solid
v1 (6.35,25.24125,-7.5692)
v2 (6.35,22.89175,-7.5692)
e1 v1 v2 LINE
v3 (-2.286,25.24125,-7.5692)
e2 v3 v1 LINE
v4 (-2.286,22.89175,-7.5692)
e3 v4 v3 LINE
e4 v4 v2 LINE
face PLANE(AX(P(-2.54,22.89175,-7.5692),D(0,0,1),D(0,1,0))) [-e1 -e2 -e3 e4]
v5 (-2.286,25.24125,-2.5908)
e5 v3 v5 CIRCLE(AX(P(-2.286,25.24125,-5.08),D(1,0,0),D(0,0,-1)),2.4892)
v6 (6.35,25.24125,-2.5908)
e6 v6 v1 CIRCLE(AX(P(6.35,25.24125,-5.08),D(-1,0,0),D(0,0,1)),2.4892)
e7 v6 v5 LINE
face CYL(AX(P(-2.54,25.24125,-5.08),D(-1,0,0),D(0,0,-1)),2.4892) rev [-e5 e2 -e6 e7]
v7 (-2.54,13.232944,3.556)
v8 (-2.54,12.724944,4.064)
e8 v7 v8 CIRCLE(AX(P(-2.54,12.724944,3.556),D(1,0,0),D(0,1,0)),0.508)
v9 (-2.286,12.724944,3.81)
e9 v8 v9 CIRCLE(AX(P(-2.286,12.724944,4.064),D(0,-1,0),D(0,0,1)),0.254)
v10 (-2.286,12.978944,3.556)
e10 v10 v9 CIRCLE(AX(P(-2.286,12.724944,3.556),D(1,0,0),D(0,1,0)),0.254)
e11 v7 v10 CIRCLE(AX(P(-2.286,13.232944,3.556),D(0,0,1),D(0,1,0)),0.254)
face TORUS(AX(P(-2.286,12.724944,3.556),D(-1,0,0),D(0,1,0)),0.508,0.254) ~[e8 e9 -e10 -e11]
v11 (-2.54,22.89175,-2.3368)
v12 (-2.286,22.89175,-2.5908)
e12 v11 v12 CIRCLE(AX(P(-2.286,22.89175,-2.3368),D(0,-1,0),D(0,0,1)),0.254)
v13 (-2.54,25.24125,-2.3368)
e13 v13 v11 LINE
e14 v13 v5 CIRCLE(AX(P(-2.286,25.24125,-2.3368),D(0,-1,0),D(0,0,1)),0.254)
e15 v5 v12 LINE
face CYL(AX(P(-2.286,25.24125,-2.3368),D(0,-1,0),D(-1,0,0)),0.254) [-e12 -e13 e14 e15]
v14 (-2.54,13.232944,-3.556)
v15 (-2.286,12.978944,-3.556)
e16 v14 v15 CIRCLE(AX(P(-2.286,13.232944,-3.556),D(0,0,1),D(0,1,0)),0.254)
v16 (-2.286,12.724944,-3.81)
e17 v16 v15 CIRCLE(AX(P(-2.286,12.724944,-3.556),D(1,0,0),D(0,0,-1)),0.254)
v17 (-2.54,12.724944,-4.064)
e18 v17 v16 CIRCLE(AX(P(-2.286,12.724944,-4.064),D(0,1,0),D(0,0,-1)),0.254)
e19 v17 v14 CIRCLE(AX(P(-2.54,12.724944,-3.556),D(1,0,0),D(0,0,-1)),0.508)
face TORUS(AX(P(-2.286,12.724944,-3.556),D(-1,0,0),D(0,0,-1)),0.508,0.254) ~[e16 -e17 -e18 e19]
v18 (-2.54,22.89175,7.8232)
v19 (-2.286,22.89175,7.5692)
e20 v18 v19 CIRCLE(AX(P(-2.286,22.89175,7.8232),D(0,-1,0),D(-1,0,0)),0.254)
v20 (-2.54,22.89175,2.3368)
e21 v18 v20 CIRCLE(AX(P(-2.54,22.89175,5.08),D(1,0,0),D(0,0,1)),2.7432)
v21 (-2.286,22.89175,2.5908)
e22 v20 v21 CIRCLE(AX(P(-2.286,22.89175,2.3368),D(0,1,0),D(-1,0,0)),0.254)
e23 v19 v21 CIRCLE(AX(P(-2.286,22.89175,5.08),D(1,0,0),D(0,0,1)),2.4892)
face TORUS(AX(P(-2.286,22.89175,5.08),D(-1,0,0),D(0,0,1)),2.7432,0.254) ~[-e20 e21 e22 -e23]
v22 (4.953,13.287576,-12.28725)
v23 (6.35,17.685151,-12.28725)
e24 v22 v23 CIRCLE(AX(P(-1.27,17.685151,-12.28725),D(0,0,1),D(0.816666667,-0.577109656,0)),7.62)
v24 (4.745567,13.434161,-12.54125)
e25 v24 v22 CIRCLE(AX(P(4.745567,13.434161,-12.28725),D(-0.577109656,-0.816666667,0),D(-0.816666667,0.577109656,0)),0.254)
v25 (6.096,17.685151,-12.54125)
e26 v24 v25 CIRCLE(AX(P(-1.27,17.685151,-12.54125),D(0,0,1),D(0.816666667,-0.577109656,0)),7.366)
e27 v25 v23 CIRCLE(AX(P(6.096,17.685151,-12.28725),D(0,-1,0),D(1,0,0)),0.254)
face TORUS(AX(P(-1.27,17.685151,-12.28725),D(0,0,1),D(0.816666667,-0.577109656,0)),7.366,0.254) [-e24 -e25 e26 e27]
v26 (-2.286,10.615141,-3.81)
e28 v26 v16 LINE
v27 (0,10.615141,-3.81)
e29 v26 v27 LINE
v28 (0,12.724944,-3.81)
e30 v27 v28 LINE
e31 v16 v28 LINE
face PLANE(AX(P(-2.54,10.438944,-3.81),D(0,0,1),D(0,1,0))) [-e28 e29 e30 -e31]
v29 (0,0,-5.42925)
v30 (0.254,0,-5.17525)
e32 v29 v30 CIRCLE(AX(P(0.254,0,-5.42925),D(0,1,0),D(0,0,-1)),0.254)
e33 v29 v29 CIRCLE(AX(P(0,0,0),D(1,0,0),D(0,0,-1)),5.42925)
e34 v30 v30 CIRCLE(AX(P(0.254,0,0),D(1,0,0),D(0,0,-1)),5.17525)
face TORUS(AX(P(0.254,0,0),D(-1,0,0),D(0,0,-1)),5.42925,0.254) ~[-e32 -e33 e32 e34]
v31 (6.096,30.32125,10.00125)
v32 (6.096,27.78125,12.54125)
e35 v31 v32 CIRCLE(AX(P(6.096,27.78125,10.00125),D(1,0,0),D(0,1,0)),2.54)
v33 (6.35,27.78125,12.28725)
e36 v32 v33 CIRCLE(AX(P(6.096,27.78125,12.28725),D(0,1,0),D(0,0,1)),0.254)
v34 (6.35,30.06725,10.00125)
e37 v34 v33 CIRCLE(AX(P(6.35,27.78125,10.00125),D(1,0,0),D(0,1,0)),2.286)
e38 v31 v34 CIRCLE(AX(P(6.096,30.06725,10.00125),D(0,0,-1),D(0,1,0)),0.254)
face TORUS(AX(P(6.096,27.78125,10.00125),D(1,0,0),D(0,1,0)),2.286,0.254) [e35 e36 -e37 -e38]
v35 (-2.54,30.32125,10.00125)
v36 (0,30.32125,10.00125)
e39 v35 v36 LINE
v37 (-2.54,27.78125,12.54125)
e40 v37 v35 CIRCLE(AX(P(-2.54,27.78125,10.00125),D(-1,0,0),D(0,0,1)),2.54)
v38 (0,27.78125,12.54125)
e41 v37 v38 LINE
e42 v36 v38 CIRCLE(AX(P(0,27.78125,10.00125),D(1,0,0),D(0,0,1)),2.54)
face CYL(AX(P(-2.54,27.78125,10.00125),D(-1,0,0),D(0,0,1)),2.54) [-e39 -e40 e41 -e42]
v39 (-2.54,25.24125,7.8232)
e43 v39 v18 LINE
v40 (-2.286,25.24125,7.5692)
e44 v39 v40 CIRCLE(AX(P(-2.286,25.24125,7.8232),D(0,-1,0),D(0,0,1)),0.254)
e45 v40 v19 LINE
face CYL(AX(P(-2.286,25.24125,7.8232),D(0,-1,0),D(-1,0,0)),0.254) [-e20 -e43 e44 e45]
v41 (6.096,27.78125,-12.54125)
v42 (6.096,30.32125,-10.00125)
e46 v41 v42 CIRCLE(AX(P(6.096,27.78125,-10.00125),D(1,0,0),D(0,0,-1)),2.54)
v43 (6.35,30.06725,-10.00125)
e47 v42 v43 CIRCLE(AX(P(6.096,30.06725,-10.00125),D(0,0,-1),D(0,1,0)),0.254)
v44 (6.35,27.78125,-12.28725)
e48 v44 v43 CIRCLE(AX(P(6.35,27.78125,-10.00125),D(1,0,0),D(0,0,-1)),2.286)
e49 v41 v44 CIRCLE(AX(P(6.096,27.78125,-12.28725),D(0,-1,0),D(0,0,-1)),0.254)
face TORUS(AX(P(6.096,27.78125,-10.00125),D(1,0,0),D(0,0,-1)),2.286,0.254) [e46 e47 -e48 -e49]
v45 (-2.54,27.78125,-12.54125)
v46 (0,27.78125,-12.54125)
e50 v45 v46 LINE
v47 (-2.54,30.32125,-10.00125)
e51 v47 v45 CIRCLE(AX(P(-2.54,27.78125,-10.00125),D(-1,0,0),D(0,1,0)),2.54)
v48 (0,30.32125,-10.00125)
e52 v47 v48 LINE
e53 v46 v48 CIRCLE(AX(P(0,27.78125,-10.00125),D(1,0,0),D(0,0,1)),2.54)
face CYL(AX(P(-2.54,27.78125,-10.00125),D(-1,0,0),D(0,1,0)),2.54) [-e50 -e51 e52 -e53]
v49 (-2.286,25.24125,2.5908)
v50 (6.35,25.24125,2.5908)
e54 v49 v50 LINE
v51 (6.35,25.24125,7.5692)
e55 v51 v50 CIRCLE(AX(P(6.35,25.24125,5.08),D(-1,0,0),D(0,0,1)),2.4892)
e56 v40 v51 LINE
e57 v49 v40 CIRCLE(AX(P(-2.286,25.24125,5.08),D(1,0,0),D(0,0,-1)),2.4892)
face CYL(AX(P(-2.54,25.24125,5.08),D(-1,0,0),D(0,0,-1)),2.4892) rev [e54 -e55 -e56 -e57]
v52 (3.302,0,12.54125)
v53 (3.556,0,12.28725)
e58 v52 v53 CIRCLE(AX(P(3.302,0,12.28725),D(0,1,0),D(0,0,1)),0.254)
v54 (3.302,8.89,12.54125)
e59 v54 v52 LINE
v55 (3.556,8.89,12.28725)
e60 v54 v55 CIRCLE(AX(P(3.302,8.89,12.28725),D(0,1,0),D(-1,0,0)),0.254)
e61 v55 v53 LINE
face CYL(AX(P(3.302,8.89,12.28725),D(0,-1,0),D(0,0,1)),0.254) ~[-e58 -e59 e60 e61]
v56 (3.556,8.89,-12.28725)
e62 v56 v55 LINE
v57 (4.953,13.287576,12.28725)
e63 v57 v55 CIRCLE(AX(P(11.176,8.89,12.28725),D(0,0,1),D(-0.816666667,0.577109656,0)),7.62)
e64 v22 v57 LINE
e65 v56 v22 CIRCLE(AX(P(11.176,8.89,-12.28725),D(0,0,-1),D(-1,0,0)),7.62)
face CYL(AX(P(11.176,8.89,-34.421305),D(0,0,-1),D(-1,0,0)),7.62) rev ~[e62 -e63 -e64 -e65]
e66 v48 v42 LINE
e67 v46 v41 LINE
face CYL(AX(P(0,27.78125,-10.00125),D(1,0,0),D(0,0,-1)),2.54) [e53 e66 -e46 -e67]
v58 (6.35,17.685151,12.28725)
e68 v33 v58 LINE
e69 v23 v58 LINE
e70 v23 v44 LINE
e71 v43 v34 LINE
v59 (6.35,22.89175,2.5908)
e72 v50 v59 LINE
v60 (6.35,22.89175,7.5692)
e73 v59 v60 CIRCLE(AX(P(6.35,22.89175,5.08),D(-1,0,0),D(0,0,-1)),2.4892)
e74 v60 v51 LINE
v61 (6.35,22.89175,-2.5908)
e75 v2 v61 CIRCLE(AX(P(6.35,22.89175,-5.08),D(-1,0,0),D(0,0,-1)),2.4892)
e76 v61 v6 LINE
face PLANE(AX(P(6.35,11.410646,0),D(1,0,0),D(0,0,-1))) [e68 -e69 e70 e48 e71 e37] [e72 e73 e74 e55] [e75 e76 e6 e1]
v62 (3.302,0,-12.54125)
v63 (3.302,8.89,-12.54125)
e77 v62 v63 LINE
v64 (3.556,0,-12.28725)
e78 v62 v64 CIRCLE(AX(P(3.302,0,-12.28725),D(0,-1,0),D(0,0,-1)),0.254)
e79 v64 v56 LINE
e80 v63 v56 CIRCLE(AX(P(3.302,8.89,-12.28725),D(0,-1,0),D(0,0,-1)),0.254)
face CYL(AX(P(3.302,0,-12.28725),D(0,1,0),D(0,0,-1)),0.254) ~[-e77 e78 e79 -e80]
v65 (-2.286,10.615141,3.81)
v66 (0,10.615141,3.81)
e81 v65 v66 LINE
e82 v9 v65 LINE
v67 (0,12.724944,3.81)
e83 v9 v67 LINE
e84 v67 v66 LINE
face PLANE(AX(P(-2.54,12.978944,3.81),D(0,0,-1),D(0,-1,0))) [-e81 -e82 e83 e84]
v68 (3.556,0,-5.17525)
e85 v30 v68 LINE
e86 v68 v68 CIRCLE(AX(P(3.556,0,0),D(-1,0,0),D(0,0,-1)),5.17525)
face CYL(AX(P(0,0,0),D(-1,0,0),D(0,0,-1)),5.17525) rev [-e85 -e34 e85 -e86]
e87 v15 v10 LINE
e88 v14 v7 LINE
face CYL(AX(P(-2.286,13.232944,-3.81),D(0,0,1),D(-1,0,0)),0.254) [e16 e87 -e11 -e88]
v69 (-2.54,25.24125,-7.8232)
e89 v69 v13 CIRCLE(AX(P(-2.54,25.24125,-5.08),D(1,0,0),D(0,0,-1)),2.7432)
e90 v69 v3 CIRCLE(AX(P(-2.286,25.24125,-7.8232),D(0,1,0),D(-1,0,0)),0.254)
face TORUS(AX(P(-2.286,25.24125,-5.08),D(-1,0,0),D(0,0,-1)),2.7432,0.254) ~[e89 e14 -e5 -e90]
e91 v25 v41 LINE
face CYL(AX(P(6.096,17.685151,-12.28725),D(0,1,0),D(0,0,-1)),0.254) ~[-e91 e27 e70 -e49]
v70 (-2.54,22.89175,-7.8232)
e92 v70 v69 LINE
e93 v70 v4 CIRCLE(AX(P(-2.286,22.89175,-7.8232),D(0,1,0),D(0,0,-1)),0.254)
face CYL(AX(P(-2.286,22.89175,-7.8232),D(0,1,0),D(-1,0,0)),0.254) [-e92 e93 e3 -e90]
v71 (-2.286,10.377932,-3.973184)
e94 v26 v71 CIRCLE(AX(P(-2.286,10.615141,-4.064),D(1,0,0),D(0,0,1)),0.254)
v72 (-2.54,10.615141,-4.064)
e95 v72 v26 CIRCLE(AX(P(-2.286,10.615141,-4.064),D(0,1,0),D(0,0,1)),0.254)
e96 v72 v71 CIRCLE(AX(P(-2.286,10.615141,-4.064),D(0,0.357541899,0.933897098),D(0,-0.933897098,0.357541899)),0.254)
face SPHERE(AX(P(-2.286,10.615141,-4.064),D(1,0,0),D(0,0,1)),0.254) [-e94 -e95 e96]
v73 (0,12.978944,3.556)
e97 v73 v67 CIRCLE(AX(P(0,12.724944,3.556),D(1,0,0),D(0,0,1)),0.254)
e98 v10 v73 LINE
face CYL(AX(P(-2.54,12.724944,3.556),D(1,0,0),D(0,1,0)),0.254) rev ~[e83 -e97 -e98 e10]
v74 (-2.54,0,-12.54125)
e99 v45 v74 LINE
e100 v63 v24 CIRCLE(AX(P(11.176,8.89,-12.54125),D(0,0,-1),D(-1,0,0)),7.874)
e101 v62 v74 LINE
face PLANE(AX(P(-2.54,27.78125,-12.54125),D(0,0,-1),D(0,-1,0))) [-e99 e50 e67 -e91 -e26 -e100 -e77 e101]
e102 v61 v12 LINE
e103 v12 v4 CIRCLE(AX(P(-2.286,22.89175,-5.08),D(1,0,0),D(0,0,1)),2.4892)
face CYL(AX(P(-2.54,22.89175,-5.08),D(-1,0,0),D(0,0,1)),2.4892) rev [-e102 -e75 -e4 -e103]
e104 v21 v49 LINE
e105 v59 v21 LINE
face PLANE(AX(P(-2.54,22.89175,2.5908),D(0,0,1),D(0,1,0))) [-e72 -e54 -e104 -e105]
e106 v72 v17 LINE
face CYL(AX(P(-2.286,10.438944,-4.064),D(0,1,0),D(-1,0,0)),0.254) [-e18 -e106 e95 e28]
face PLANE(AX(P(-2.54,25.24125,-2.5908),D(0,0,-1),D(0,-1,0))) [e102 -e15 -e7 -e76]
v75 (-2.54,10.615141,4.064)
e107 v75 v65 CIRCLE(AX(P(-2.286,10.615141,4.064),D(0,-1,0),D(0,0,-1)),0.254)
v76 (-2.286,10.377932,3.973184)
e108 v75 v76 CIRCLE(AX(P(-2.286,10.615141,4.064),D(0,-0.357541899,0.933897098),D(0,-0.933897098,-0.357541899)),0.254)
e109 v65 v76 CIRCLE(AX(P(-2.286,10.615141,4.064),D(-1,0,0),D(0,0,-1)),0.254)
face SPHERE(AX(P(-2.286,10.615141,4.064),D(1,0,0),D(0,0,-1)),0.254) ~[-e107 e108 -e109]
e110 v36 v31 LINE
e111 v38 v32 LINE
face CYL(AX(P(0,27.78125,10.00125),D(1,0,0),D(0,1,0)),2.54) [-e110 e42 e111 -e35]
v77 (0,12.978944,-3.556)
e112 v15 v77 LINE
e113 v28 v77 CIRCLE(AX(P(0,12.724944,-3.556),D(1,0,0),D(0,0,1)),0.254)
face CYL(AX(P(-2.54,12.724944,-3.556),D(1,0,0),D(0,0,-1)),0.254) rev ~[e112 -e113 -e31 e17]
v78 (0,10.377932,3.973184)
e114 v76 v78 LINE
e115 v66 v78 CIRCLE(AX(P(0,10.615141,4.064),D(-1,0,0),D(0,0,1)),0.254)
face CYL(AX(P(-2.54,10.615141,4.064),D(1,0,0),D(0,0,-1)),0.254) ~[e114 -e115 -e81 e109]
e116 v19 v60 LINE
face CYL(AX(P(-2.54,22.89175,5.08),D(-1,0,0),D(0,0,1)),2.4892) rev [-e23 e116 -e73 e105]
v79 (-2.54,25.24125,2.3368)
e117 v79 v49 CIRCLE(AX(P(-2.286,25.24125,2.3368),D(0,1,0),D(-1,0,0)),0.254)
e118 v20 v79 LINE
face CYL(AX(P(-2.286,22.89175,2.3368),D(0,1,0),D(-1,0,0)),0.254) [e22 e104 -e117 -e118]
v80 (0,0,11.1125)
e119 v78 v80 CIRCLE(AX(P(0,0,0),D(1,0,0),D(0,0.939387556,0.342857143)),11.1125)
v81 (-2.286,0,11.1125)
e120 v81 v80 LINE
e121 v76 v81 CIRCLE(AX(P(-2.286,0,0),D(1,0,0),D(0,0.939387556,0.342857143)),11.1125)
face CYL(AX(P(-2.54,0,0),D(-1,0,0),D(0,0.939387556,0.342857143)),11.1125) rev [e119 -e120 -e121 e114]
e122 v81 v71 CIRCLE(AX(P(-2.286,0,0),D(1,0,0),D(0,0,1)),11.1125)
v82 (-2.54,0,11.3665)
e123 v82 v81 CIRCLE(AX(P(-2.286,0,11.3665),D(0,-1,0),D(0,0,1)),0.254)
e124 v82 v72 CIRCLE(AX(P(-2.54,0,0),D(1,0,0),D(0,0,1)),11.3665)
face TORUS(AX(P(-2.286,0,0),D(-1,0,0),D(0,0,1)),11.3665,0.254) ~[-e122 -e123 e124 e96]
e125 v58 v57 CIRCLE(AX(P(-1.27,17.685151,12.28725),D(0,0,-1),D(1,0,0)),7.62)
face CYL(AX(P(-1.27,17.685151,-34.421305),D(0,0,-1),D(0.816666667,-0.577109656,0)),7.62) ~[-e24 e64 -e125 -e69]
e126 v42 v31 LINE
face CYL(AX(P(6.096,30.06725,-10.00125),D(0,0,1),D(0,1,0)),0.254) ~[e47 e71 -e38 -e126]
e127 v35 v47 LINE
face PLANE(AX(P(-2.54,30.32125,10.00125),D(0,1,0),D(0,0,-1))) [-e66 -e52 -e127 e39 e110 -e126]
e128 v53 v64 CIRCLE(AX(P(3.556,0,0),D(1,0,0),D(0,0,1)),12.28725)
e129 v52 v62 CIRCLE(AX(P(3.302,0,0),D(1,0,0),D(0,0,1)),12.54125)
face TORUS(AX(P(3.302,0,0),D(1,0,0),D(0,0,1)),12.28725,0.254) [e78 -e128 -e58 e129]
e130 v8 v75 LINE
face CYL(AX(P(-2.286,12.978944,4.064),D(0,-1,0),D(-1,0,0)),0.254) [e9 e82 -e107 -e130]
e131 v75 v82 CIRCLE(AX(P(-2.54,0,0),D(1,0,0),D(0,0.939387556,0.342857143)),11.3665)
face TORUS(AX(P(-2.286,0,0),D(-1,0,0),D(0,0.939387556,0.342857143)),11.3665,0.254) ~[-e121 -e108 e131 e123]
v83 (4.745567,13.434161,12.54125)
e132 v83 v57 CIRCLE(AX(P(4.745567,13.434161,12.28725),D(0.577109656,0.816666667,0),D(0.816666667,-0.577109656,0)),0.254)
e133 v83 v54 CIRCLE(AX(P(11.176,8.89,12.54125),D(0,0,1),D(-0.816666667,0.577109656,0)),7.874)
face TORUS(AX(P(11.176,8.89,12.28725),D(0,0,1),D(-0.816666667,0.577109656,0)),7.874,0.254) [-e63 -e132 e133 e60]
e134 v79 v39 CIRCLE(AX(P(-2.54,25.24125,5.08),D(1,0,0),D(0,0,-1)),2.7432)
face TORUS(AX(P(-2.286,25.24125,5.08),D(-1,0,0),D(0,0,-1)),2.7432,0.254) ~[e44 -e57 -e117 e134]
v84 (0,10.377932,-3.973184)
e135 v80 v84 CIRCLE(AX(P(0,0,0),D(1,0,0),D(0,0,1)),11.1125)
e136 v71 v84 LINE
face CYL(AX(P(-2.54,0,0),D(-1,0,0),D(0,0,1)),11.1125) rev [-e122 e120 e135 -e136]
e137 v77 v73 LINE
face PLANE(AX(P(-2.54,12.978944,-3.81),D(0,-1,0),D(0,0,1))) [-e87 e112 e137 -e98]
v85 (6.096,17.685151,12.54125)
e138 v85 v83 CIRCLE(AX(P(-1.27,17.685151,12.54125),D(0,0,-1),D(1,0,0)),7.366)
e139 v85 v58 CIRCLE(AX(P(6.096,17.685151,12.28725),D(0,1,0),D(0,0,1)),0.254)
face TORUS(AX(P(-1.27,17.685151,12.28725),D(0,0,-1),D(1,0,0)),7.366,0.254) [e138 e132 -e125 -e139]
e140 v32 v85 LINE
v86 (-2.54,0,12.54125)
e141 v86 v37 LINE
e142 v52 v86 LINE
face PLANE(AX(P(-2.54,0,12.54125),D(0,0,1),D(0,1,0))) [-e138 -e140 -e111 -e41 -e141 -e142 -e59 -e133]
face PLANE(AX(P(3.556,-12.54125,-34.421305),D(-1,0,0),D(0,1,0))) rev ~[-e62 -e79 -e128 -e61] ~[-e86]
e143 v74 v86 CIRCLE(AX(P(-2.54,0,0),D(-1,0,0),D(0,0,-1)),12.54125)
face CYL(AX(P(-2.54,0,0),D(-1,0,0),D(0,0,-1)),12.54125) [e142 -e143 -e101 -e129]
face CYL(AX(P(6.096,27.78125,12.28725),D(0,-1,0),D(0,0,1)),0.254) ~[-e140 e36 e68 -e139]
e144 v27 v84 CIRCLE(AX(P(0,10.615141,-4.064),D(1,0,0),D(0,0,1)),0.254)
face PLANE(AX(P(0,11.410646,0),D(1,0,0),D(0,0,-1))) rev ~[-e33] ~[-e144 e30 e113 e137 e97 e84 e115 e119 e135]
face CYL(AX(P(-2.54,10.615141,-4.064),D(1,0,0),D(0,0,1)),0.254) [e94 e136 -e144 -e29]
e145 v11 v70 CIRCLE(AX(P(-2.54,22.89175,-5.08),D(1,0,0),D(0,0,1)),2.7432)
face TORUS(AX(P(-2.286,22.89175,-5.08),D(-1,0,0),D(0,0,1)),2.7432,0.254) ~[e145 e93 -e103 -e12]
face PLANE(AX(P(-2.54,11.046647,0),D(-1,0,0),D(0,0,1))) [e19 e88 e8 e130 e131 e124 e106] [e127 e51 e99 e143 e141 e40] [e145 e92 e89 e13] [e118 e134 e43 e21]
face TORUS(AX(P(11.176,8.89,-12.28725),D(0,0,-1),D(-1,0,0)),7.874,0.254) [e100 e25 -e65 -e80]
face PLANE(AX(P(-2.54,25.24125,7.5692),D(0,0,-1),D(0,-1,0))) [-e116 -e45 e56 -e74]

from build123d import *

# Parameters (mm, degrees)
SKETCH6_R               = 5.17525
BOSS_EXTRUDE1_DEPTH     = 6.35
FILLET1_R               = 2.54
CUT_EXTRUDE2_DEPTH      = 34.421305377
CUT_EXTRUDE2_DEPTH_BACK = 34.421305377
BOSS_EXTRUDE6_START     = 2.54
BOSS_EXTRUDE6_DEPTH     = 2.54
FILLET2_R               = 0.254
FILLET3_R               = 0.254


with BuildPart() as part:
    # Sketch6 → Boss-Extrude1 (new body)
    with BuildSketch(Plane(origin=(0, 0, 0), x_dir=(0, 0, -1), z_dir=(1, 0, 0))):
        with BuildLine():
            Line((12.54125, 0), (12.54125, 30.32125))
            Line((12.54125, 30.32125), (-12.54125, 30.32125))
            Line((-12.54125, 30.32125), (-12.54125, 0))
            ThreePointArc((-12.54125, 0), (0, -12.54125), (12.54125, 0))
        make_face()
        Circle(SKETCH6_R, mode=Mode.SUBTRACT)
        with BuildLine():
            Line((-2.5908, 25.24125), (-2.5908, 22.89175))
            ThreePointArc((-2.5908, 22.89175), (-5.08, 20.40255), (-7.5692, 22.89175))
            Line((-7.5692, 22.89175), (-7.5692, 25.24125))
            ThreePointArc((-7.5692, 25.24125), (-5.08, 27.73045), (-2.5908, 25.24125))
        make_face(mode=Mode.SUBTRACT)
        with BuildLine():
            Line((7.5692, 25.24125), (7.5692, 22.89175))
            ThreePointArc((7.5692, 22.89175), (5.08, 20.40255), (2.5908, 22.89175))
            Line((2.5908, 22.89175), (2.5908, 25.24125))
            ThreePointArc((2.5908, 25.24125), (5.08, 27.73045), (7.5692, 25.24125))
        make_face(mode=Mode.SUBTRACT)
    extrude(amount=BOSS_EXTRUDE1_DEPTH)

    # Fillet1
    fillet1_edges = [part.edges().sort_by_distance(p)[0] for p in [
        (3.175, 30.32125, 12.54125),
        (3.175, 30.32125, -12.54125),
    ]]
    fillet(fillet1_edges, radius=FILLET1_R)

    # Sketch11 → Cut-Extrude2 (cut, two sides: drawn at the far end of the back side and taken through both)
    with BuildSketch(Plane.XY.offset(-CUT_EXTRUDE2_DEPTH_BACK)):
        with BuildLine():
            Line((3.556, -12.54125), (3.556, 8.89))
            ThreePointArc((3.556, 8.89), (3.913642945, 11.19706957), (4.953, 13.287575582))
            ThreePointArc((4.953, 13.287575582), (5.992357055, 15.378081594), (6.35, 17.685151164))
            Line((6.35, 17.685151164), (6.35, -12.54125))
            Line((6.35, -12.54125), (3.556, -12.54125))
        make_face()
    extrude(amount=CUT_EXTRUDE2_DEPTH + CUT_EXTRUDE2_DEPTH_BACK, mode=Mode.SUBTRACT)

    # Sketch18 → Boss-Extrude6 (add)
    with BuildSketch(Plane.ZY.offset(BOSS_EXTRUDE6_START)):
        with BuildLine():
            Line((-12.54125, 27.78125), (-12.54125, 0))
            ThreePointArc((-12.54125, 0), (0, -12.54125), (12.54125, 0))
            Line((12.54125, 0), (12.54125, 27.78125))
            ThreePointArc((12.54125, 27.78125), (11.797301224, 29.577301224), (10.00125, 30.32125))
            Line((10.00125, 30.32125), (-10.00125, 30.32125))
            ThreePointArc((-10.00125, 30.32125), (-11.797301224, 29.577301224), (-12.54125, 27.78125))
        make_face()
        with BuildLine():
            ThreePointArc((11.1125, 0), (-6.369812841, -9.105665304), (-3.81, 10.438944211))
            Line((-3.81, 10.438944211), (-3.81, 12.978944211))
            Line((-3.81, 12.978944211), (0, 12.978944211))
            Line((0, 12.978944211), (3.81, 12.978944211))
            Line((3.81, 12.978944211), (3.81, 10.438944211))
            ThreePointArc((3.81, 10.438944211), (9.105665304, 6.369812841), (11.1125, 0))
        make_face(mode=Mode.SUBTRACT)
        with BuildLine():
            Line((-2.5908, 25.24125), (-2.5908, 22.89175))
            ThreePointArc((-2.5908, 22.89175), (-5.08, 20.40255), (-7.5692, 22.89175))
            Line((-7.5692, 22.89175), (-7.5692, 25.24125))
            ThreePointArc((-7.5692, 25.24125), (-5.08, 27.73045), (-2.5908, 25.24125))
        make_face(mode=Mode.SUBTRACT)
        with BuildLine():
            Line((2.5908, 22.89175), (2.5908, 25.24125))
            ThreePointArc((2.5908, 25.24125), (5.08, 27.73045), (7.5692, 25.24125))
            Line((7.5692, 25.24125), (7.5692, 22.89175))
            ThreePointArc((7.5692, 22.89175), (5.08, 20.40255), (2.5908, 22.89175))
        make_face(mode=Mode.SUBTRACT)
    extrude(amount=-BOSS_EXTRUDE6_DEPTH)

    # Fillet2
    fillet2_edges = [part.edges().sort_by_distance(p)[0] for p in [
        (-2.54, 20.40255, -5.08),
        (-2.54, 24.0665, 2.5908),
        (-2.54, 27.73045, 5.08),
        (-2.54, 24.0665, 7.5692),
        (-2.54, 20.40255, 5.08),
        (0, 0, 5.17525),
        (-2.54, -11.1125, 0),
        (-1.27, 10.438944211, 3.81),
        (-1.27, 10.438944211, -3.81),
        (-1.27, 12.978944211, -3.81),
        (-1.27, 12.978944211, 3.81),
        (-2.54, 11.708944211, -3.81),
        (-2.54, 12.978944211, 0),
        (-2.54, 11.708944211, 3.81),
        (-2.54, 24.0665, -7.5692),
        (-2.54, 27.73045, -5.08),
        (-2.54, 24.0665, -2.5908),
    ]]
    fillet(fillet2_edges, radius=FILLET2_R)

    # Fillet3
    fillet3_edges = [part.edges().sort_by_distance(p)[0] for p in [
        (6.35, 30.32125, 0),
        (6.35, 22.733200582, 12.54125),
        (6.35, 29.577301224, 11.797301224),
        (6.35, 29.577301224, -11.797301224),
        (6.35, 22.733200582, -12.54125),
        (5.992357055, 15.378081594, 12.54125),
        (3.913642945, 11.19706957, 12.54125),
        (3.556, 4.445, 12.54125),
        (3.556, 4.445, -12.54125),
        (3.556, -12.54125, 0),
        (3.913642945, 11.19706957, -12.54125),
        (5.992357055, 15.378081594, -12.54125),
    ]]
    fillet(fillet3_edges, radius=FILLET3_R)


solid = part.part
